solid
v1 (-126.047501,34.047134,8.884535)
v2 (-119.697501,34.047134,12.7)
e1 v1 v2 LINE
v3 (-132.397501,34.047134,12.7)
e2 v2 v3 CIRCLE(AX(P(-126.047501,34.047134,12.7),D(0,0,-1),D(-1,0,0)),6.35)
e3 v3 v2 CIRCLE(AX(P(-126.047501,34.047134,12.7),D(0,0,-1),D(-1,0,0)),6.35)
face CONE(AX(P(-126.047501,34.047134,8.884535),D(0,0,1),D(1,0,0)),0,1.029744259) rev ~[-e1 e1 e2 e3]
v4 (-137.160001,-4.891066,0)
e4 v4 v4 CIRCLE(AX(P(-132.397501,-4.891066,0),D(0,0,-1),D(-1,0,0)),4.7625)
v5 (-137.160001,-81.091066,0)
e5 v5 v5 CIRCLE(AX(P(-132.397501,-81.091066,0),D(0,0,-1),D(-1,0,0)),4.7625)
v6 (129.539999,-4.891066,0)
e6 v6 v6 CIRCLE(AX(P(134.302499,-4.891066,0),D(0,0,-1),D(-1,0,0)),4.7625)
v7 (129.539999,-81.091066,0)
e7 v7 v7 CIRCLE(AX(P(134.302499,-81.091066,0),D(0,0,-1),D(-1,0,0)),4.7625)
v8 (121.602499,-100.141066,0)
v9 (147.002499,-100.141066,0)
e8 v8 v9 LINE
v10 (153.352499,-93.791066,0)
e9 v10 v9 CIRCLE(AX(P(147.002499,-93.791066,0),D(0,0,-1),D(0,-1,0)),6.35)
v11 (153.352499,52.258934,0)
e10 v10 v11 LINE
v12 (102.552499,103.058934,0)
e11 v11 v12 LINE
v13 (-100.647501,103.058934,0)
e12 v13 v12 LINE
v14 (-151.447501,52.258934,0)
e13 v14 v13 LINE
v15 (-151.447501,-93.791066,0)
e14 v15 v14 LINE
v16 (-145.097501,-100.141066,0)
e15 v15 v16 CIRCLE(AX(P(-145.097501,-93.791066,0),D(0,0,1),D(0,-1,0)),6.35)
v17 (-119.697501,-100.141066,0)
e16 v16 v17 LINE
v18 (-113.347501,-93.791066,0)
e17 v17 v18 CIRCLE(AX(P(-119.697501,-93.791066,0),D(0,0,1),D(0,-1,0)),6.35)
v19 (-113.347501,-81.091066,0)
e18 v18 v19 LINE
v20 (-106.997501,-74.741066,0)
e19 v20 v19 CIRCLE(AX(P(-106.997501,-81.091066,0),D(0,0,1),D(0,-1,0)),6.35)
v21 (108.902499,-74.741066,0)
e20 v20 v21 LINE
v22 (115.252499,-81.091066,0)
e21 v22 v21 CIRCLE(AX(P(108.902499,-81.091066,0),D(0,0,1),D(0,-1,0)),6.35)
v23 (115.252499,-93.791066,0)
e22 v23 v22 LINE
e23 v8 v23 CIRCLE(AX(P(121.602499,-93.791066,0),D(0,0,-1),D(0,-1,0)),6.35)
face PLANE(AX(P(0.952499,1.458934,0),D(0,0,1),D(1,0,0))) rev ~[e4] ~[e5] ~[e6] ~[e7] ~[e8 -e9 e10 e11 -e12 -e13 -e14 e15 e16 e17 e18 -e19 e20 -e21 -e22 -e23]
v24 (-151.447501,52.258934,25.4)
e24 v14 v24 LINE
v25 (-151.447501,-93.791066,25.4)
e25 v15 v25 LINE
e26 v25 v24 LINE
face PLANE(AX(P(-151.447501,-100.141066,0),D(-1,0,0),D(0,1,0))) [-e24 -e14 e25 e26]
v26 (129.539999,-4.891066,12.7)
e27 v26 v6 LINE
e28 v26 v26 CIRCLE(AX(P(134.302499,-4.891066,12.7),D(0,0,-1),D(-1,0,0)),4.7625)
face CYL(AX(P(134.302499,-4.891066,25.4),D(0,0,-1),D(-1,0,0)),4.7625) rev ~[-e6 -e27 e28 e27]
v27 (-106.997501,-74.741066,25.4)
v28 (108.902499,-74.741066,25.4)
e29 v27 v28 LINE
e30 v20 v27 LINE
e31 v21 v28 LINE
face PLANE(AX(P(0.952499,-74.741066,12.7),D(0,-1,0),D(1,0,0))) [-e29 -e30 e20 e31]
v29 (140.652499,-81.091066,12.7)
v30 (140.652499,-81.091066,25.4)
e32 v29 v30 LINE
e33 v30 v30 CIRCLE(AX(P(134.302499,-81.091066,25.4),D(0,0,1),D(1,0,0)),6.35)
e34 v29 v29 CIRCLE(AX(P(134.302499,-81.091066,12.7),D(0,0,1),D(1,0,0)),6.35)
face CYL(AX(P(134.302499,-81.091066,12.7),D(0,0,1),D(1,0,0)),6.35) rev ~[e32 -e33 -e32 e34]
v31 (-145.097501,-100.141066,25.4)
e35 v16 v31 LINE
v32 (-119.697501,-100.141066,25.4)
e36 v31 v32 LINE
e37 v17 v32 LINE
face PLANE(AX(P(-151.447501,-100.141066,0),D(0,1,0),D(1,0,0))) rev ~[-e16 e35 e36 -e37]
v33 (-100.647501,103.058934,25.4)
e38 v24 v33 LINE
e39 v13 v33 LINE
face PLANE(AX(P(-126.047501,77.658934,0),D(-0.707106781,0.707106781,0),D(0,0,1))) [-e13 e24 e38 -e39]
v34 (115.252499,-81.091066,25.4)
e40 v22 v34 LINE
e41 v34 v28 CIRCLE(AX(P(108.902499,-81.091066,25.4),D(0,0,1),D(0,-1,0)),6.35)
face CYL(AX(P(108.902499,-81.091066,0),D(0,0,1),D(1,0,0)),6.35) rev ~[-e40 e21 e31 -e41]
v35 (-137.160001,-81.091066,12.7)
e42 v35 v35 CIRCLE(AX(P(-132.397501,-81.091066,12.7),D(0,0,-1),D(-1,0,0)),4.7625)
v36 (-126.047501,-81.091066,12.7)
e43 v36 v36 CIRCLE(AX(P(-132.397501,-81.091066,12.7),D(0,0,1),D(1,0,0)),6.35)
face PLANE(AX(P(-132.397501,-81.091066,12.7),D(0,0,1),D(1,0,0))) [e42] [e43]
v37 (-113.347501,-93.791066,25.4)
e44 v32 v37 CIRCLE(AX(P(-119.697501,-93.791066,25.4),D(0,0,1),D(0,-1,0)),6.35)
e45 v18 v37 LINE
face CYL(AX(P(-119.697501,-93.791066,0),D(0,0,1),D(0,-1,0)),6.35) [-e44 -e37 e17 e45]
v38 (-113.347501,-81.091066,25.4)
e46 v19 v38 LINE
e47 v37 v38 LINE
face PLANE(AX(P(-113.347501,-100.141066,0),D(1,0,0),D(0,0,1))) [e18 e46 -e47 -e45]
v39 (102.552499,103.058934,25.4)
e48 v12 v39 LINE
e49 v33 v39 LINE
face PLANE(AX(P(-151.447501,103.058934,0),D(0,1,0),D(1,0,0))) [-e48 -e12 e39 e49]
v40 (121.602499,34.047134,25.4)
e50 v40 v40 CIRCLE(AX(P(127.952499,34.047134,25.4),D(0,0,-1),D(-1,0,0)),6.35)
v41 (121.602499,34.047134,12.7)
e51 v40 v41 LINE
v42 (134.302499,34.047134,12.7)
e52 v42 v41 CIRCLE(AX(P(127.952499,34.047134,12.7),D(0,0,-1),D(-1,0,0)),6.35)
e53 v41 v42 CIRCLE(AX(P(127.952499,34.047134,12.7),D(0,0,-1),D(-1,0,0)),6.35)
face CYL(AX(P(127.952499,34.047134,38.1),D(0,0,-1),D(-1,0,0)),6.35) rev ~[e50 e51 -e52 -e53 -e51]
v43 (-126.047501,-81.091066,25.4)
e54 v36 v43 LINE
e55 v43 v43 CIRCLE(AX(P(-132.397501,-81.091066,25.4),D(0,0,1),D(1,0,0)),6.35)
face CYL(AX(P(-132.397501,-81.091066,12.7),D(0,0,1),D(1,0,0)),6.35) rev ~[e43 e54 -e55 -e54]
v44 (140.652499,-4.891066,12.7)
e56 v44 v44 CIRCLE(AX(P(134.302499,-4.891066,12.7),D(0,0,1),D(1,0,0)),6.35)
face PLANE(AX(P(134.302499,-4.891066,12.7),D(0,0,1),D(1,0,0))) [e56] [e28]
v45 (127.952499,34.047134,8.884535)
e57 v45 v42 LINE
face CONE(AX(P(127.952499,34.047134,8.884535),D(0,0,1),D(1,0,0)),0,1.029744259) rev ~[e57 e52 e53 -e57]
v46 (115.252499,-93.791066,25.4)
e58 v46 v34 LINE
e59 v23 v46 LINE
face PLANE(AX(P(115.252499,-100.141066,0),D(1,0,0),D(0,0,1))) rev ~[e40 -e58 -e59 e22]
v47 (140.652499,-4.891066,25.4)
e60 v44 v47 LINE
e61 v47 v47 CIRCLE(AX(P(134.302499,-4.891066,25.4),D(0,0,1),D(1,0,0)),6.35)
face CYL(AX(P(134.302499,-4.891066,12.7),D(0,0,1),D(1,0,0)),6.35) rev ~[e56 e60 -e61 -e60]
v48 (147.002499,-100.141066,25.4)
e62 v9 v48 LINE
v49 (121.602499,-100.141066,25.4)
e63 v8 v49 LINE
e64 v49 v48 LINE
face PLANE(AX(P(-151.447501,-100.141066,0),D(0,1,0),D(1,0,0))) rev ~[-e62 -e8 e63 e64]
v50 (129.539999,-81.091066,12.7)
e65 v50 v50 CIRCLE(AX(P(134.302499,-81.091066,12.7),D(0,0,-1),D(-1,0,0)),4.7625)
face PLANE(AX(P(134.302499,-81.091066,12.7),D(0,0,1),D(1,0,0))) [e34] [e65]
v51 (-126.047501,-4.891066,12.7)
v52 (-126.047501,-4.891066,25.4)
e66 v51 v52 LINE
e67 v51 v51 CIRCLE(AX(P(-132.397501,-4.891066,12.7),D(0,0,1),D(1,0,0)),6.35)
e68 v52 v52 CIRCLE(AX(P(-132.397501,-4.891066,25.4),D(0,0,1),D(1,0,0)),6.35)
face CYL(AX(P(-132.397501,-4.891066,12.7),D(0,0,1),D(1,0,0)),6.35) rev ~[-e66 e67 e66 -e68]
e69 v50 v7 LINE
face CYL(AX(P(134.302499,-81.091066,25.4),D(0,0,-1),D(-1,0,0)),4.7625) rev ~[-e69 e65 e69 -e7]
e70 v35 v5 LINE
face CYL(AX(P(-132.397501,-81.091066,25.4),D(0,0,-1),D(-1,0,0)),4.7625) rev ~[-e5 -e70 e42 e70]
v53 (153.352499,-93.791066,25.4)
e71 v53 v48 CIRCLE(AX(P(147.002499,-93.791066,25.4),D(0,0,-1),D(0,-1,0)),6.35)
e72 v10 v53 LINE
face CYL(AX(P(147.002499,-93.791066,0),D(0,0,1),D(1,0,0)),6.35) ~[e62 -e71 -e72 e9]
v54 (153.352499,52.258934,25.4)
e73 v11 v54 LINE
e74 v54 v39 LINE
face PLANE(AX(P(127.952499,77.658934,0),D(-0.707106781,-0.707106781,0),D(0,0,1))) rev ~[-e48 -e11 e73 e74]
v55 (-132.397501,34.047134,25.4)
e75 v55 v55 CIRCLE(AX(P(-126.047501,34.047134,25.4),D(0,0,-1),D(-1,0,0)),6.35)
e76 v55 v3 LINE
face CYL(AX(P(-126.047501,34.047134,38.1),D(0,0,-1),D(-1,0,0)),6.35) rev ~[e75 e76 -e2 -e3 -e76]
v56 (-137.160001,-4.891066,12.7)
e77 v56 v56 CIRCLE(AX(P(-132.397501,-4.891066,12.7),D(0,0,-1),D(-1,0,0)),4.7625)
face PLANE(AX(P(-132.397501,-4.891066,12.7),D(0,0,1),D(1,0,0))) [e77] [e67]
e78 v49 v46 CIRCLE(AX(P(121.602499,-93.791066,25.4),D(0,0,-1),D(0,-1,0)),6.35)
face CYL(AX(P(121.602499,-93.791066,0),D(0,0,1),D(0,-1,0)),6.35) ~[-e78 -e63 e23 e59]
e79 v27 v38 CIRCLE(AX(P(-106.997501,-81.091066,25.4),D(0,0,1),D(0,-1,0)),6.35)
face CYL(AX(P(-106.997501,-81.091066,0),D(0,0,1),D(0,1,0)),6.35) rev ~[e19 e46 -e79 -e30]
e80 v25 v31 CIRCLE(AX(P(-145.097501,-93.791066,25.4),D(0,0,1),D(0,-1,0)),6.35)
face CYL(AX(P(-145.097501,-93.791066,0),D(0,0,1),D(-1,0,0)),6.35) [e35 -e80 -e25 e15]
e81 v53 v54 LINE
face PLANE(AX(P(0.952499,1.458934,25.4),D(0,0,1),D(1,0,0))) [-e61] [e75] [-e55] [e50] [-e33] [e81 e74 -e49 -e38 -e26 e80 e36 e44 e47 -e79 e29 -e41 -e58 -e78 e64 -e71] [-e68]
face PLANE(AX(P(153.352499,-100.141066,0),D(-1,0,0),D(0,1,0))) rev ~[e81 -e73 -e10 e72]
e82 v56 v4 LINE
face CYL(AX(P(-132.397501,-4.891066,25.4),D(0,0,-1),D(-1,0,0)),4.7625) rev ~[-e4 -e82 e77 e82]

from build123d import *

# Parameters (mm, degrees)
F0_W           = 304.8
F0_H           = 203.2
F1_DEPTH       = 25.4
F3_SIZE        = 50.8
F4_W           = 228.6
F4_H           = 25.4
F5_DEPTH       = 25.4
F6_R           = 6.35
F8_D           = 9.525
F8_CBORE_D     = 12.7
F8_CBORE_DEPTH = 12.7
F10_D          = 12.7
F10_DEPTH      = 12.7
F10_TIP        = 3.8154649308


with BuildPart() as f1:
    # F0 (on Top) → F1 (new body)
    with BuildSketch(Plane.XY):
        with Locations((0.9524989873, 1.4589339421)):
            Rectangle(F0_W, F0_H)
    extrude(amount=F1_DEPTH)

    # F3
    f3_edges = [f1.edges().sort_by_distance(p)[0] for p in [
        (-151.447501, 103.058934, 12.7),
        (153.352499, 103.058934, 12.7),
    ]]
    chamfer(f3_edges, length=F3_SIZE)

    # F4 (on face) → F5 (cut)
    with BuildSketch(Plane.XZ.offset(100.1410660579)):
        with Locations((0.9524989873, 12.7)):
            Rectangle(F4_W, F4_H)
    extrude(amount=-F5_DEPTH, mode=Mode.SUBTRACT)

    # F6
    f6_edges = [f1.edges().sort_by_distance(p)[0] for p in [
        (-113.347501, -100.141066, 12.7),
        (-113.347501, -74.741066, 12.7),
        (115.252499, -74.741066, 12.7),
        (115.252499, -100.141066, 12.7),
        (153.352499, -100.141066, 12.7),
        (-151.447501, -100.141066, 12.7),
    ]]
    fillet(f6_edges, radius=F6_R)

    # F8 (through all)
    with Locations(Plane.XY.offset(25.4)):
        with Locations((-132.3975010127, -81.0910660579), (-132.3975010127, -4.8910660579), (134.3024989873, -4.8910660579), (134.3024989873, -81.0910660579)):
            CounterBoreHole(F8_D / 2, F8_CBORE_D / 2, F8_CBORE_DEPTH)

    # F10
    with Locations(Plane.XY.offset(25.4)):
        with Locations((-126.0475010127, 34.0471339421), (127.9524989873, 34.0471339421)):
            Hole(F10_D / 2, depth=F10_DEPTH)
            with Locations((0, 0, -(F10_DEPTH + F10_TIP / 2))):  # 118° drill point
                Cone(0, F10_D / 2, F10_TIP, mode=Mode.SUBTRACT)


solid = f1.part
